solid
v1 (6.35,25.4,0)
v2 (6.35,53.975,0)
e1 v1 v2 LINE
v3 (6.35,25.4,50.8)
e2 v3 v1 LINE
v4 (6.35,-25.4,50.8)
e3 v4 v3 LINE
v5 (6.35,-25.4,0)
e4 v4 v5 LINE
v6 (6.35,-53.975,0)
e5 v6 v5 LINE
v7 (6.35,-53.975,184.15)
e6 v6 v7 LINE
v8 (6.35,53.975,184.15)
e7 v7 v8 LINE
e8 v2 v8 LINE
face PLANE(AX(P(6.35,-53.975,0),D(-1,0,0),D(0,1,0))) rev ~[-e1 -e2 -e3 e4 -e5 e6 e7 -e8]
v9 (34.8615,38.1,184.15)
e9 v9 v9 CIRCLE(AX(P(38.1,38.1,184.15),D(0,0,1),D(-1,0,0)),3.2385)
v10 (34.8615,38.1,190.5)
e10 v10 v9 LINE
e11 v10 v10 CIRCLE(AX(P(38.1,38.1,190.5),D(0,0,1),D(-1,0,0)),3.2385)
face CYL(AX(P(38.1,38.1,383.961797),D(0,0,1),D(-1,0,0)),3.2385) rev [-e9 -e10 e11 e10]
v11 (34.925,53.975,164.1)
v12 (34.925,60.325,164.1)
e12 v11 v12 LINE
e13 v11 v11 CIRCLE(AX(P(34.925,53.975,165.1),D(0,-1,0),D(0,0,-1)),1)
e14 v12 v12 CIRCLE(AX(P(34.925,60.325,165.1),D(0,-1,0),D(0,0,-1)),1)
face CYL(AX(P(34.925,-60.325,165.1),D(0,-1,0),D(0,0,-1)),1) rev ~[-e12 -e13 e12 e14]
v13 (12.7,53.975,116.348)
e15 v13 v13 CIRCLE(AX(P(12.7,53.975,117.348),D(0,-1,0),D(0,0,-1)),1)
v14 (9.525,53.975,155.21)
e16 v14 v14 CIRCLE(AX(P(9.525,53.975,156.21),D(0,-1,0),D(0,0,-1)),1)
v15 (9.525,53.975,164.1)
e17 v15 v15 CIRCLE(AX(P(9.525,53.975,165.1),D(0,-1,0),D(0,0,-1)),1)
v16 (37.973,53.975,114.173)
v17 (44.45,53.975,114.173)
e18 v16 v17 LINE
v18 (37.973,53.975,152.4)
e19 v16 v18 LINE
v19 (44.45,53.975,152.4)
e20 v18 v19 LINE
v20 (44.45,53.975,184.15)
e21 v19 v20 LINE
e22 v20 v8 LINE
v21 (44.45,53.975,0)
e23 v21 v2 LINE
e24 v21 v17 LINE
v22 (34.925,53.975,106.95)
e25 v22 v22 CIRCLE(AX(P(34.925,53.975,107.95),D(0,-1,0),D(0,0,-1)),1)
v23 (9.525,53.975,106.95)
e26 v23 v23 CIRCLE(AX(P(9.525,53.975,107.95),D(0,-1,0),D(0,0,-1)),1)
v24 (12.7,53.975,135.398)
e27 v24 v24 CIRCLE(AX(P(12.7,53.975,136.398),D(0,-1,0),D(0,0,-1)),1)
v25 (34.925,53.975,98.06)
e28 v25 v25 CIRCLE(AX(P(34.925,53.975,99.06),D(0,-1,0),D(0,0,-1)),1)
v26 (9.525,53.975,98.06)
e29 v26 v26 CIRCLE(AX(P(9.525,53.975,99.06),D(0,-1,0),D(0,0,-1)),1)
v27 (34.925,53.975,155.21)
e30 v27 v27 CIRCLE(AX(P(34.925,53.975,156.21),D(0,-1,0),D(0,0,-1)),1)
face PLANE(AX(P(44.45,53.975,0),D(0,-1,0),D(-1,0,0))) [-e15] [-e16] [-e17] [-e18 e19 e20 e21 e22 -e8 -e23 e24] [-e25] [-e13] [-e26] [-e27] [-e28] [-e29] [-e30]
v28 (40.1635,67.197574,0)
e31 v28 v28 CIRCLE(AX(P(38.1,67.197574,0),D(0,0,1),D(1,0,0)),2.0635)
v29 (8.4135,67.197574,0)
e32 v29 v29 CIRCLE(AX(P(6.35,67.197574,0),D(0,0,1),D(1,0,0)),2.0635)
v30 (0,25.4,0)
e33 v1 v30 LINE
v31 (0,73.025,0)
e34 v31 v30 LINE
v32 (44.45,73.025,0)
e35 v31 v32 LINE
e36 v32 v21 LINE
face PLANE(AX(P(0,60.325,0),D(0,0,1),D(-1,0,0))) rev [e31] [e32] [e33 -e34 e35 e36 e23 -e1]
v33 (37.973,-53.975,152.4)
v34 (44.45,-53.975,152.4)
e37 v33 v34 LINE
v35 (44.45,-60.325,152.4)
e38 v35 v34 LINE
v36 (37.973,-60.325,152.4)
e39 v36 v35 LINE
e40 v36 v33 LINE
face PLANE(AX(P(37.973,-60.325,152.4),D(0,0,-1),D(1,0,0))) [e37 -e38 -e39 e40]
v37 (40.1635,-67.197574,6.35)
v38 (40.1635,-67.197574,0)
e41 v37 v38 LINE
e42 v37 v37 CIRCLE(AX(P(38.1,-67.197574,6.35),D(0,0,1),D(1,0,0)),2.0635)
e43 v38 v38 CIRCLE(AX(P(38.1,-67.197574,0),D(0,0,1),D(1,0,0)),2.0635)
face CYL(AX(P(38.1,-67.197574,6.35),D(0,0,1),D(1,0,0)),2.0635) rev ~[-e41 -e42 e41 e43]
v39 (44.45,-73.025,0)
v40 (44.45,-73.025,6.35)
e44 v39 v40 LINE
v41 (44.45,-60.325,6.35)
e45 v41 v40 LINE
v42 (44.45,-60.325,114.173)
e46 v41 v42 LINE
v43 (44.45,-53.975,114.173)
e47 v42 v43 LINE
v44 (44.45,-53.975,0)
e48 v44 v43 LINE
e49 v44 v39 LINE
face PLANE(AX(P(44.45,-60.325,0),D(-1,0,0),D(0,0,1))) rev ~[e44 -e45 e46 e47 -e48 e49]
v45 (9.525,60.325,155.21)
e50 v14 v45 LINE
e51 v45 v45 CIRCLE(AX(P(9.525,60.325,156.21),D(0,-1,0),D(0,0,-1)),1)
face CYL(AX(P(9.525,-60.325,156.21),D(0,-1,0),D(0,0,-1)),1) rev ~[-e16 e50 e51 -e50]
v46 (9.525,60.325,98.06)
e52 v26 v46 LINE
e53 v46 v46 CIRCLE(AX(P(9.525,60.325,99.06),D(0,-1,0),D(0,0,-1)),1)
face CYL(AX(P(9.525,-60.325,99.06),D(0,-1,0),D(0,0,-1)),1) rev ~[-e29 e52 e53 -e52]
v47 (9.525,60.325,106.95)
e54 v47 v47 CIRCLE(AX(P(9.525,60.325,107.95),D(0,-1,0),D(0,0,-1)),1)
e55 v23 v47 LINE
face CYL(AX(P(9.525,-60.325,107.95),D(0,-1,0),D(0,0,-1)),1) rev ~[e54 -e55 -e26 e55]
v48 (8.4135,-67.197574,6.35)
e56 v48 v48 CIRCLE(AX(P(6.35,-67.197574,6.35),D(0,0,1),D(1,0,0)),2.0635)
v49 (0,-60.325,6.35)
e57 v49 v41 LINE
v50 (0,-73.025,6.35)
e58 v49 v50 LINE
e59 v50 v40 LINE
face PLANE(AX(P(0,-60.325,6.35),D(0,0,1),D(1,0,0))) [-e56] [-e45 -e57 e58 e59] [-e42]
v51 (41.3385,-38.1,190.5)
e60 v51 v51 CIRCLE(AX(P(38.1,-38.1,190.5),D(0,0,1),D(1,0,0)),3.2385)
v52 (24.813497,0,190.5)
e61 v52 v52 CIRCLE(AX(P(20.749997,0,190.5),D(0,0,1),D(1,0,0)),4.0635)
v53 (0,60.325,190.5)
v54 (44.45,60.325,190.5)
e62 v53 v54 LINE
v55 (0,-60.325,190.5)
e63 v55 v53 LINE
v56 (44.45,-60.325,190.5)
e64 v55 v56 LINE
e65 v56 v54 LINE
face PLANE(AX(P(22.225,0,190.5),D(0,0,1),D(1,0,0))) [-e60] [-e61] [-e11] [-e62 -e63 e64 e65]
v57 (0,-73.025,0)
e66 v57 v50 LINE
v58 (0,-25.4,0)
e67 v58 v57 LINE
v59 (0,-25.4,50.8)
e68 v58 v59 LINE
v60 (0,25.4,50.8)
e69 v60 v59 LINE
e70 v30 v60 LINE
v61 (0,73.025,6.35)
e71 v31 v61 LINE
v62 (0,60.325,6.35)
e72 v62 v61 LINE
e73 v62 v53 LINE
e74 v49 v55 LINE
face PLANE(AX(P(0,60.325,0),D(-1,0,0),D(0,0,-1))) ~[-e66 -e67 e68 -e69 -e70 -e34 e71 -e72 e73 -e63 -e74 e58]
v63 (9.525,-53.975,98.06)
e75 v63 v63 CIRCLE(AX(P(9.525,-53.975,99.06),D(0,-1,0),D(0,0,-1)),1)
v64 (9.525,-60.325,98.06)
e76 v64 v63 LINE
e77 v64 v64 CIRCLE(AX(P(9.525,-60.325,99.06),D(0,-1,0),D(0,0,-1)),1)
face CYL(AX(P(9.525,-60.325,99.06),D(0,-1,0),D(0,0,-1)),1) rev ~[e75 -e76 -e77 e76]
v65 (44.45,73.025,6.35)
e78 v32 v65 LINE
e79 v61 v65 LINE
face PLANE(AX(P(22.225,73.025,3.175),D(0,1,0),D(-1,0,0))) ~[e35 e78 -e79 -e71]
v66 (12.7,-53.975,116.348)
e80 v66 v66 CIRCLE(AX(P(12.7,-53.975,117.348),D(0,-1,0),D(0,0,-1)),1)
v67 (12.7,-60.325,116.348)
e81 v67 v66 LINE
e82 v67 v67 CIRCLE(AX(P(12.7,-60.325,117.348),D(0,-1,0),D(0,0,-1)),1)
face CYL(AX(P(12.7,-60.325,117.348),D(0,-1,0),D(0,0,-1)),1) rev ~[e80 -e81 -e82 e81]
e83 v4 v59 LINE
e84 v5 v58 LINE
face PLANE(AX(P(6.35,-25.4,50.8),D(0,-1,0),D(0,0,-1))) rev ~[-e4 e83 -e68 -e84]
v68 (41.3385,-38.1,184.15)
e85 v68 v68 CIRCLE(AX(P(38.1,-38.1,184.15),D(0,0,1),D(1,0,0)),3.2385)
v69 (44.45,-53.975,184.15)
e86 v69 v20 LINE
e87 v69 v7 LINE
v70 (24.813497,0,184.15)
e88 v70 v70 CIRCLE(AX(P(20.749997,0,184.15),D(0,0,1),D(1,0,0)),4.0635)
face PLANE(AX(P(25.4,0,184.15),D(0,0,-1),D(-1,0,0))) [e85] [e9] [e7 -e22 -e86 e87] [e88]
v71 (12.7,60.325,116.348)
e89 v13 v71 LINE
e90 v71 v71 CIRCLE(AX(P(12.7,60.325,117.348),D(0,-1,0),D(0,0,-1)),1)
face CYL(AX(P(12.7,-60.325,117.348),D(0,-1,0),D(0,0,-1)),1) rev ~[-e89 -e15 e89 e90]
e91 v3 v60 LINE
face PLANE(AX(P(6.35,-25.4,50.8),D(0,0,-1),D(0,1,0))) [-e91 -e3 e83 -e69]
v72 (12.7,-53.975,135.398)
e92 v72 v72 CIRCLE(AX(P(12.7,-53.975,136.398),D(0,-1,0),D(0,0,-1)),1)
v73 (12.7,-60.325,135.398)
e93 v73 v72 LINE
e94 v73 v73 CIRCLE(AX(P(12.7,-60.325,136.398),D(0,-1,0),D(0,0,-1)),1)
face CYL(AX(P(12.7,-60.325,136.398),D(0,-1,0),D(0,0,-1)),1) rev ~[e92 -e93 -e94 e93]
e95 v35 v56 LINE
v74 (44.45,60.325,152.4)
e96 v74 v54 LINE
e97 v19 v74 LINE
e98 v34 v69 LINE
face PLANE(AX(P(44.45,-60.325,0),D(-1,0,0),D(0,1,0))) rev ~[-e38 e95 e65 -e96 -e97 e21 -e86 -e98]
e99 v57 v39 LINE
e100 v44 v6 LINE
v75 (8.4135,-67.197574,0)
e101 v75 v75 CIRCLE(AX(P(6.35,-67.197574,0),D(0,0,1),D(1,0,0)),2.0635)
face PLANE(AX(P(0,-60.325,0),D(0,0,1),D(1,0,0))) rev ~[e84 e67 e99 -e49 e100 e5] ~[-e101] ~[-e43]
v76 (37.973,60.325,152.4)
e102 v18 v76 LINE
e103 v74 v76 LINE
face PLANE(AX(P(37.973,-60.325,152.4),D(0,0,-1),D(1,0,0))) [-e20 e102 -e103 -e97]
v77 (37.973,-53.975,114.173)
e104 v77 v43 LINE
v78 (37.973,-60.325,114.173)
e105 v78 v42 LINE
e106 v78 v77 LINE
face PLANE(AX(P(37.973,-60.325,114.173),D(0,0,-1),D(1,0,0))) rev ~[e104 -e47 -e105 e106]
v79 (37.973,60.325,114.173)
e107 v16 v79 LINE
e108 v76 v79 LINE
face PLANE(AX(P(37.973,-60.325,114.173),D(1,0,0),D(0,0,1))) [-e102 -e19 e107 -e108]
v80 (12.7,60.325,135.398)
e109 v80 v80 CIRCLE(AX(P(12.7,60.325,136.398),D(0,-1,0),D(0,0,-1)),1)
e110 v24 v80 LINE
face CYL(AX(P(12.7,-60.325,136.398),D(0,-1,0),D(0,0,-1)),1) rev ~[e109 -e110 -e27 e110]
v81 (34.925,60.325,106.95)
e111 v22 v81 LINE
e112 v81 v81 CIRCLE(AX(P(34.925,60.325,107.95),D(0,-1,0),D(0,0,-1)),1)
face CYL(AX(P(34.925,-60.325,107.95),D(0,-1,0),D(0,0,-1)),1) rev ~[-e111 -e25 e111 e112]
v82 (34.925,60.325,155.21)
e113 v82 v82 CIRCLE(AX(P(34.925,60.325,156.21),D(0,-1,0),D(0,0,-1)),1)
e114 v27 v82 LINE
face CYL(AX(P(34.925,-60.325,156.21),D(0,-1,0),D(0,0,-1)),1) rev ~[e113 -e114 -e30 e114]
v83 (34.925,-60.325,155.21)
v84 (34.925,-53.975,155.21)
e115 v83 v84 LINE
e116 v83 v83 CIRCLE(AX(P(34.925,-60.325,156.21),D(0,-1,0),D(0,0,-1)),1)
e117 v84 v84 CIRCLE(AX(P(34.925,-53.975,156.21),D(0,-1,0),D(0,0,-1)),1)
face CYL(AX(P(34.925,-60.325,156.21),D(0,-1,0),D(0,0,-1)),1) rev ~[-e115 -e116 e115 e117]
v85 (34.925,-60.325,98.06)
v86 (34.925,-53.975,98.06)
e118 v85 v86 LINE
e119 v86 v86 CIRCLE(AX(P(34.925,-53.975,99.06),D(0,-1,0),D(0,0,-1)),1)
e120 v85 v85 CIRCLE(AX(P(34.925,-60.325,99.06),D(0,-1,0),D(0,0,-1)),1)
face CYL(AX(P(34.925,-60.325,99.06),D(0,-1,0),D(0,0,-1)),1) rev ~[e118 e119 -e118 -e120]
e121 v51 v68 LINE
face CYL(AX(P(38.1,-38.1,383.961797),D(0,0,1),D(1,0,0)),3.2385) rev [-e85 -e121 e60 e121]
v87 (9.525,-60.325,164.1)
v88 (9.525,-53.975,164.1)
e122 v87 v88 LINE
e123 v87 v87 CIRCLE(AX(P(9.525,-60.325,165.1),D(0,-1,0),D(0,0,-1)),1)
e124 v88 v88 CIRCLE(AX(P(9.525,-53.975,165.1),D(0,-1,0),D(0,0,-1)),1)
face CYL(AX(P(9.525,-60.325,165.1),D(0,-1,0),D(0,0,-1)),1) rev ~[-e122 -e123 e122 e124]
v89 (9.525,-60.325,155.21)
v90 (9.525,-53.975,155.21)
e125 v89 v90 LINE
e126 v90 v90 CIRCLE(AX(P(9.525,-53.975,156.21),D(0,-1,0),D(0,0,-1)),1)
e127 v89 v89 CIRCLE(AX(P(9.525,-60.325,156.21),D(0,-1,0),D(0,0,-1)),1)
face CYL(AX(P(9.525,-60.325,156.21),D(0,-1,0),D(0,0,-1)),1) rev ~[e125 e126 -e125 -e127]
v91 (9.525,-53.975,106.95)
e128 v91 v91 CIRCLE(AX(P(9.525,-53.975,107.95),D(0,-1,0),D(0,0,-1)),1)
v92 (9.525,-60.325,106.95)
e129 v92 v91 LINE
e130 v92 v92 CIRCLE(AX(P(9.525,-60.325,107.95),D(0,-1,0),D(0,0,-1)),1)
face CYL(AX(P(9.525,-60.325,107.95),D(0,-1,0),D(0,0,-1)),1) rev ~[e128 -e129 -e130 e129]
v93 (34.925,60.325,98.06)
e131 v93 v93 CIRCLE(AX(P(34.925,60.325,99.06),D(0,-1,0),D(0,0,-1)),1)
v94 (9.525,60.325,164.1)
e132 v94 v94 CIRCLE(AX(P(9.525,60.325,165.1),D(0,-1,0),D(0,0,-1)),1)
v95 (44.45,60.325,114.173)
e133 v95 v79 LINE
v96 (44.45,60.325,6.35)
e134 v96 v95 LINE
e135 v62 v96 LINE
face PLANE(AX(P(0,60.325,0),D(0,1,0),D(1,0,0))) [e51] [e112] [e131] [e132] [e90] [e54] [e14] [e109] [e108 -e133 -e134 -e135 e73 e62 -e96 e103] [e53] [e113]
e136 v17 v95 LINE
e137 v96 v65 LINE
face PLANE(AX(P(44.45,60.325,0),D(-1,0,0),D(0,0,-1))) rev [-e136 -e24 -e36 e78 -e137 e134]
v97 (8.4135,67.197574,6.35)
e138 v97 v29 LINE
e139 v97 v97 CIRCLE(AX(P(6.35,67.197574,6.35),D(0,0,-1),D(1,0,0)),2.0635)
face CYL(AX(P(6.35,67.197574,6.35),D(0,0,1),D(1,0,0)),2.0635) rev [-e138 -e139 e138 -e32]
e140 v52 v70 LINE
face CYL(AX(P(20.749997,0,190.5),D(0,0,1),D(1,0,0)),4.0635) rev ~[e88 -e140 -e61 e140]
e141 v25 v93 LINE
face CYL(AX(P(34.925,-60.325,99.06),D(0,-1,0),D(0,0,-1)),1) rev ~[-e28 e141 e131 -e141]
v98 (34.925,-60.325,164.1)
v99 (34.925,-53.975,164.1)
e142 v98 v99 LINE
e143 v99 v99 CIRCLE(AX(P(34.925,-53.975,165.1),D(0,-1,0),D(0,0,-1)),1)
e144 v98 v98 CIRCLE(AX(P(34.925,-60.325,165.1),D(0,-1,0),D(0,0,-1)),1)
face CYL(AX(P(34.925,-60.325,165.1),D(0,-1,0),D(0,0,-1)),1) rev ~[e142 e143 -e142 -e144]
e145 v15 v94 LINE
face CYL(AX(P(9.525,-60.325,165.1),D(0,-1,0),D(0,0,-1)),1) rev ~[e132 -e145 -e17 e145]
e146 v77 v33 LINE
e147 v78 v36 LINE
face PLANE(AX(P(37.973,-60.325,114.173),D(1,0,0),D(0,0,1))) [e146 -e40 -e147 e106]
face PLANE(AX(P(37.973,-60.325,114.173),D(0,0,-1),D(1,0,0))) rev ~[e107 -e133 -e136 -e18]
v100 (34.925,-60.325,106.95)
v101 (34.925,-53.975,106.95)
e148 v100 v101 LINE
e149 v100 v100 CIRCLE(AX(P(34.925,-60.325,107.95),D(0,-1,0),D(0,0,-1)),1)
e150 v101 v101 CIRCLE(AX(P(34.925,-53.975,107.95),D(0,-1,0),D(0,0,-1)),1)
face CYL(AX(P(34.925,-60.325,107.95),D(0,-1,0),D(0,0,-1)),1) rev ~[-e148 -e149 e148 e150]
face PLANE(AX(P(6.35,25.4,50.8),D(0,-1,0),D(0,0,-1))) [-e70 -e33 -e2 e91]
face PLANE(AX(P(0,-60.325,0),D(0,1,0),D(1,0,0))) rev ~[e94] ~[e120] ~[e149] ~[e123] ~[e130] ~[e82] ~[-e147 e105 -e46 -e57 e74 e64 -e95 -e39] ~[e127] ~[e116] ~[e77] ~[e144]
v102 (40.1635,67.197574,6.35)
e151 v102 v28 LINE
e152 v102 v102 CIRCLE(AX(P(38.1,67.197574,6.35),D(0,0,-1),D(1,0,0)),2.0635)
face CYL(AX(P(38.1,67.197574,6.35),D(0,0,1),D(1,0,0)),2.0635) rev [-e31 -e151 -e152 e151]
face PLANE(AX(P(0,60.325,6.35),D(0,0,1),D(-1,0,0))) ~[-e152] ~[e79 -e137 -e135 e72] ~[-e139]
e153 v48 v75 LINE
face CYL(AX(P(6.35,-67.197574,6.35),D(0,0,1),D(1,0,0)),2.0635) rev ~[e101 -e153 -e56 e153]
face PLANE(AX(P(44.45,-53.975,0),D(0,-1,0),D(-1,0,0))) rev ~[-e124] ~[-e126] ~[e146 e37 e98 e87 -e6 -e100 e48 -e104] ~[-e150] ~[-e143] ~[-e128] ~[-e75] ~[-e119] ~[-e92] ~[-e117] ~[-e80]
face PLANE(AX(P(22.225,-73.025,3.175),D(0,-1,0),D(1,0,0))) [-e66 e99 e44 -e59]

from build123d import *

# Parameters (mm, degrees)
SKETCH1_W               = 44.45
SKETCH1_H               = 120.65
BOSS_EXTRUDE1_DEPTH     = 190.5
SKETCH2_W               = 38.1
SKETCH2_H               = 107.95
CUT_EXTRUDE1_DEPTH      = 184.15
CUT_EXTRUDE4_DEPTH      = 199.811796997
CUT_EXTRUDE4_DEPTH_BACK = 199.811796997
SKETCH4_R               = 3.2385
SKETCH17_W              = 6.477
SKETCH17_H              = 38.227
CUT_EXTRUDE5_DEPTH      = 230.8314056
SKETCH18_W              = 50.8
SKETCH18_H              = 50.8
CUT_EXTRUDE6_DEPTH      = 204.423119691
SKETCH19_W              = 44.45
SKETCH19_H              = 6.35
BOSS_EXTRUDE2_DEPTH     = 12.7
SKETCH21_R              = 2.063500064
SKETCH21_R_2            = 2.063499937
CUT_EXTRUDE7_DEPTH      = 204.02629294
SKETCH23_R              = 4.063500001
CUT_EXTRUDE8_DEPTH      = 209.803024703
SKETCH24_R              = 1.000000032
CUT_EXTRUDE9_DEPTH      = 237.745168905
SKETCH25_R              = 1.000000032
CUT_EXTRUDE10_DEPTH     = 237.745168905
LPATTERN1_COUNT         = 2
LPATTERN1_PITCH         = 57.15


with BuildPart() as part:
    # Sketch1 → Boss-Extrude1 (new body)
    with BuildSketch(Plane.XY):
        with Locations((22.225, 0)):
            Rectangle(SKETCH1_W, SKETCH1_H)
    extrude(amount=BOSS_EXTRUDE1_DEPTH)

    # Sketch2 → Cut-Extrude1 (cut)
    with BuildSketch(Plane(origin=(0, 0, 0), x_dir=(-1, 0, 0), z_dir=(0, 0, -1))):
        with Locations((-25.4, 0)):
            Rectangle(SKETCH2_W, SKETCH2_H)
    extrude(amount=-CUT_EXTRUDE1_DEPTH, mode=Mode.SUBTRACT)

    # Sketch4 → Cut-Extrude4 (cut, two sides: drawn at the far end of the back side and taken through both)
    with BuildSketch(Plane(origin=(0, 0, 184.15), x_dir=(-1, 0, 0), z_dir=(0, 0, -1)).offset(-CUT_EXTRUDE4_DEPTH_BACK)):
        with Locations((-38.1, 38.1)):
            Circle(SKETCH4_R)
        with Locations(Location((-38.1, -38.1, 0), (0, 0, 180))):
            Circle(SKETCH4_R)
    extrude(amount=CUT_EXTRUDE4_DEPTH + CUT_EXTRUDE4_DEPTH_BACK, mode=Mode.SUBTRACT)

    # Sketch17 → Cut-Extrude5 (cut, through all)
    with BuildSketch(Plane.XZ.offset(60.325)):
        with Locations((41.2115, 133.2865)):
            Rectangle(SKETCH17_W, SKETCH17_H)
    extrude(amount=-CUT_EXTRUDE5_DEPTH, mode=Mode.SUBTRACT)

    # Sketch18 → Cut-Extrude6 (cut, through all)
    with BuildSketch(Plane(origin=(6.35, 0, 0), x_dir=(0, 0, -1), z_dir=(1, 0, 0))):
        with Locations((-25.4, 0)):
            Rectangle(SKETCH18_W, SKETCH18_H)
    extrude(amount=-CUT_EXTRUDE6_DEPTH, mode=Mode.SUBTRACT)

    # Sketch19 → Boss-Extrude2 (add)
    with BuildSketch(Plane.XZ.offset(60.325)):
        with Locations((22.225, 3.175)):
            Rectangle(SKETCH19_W, SKETCH19_H)
    boss_extrude2 = extrude(amount=BOSS_EXTRUDE2_DEPTH)

    # Sketch21 → Cut-Extrude7 (cut, through all)
    with BuildSketch(Plane.XY.offset(6.35)):
        with Locations((6.35, -67.197573915)):
            Circle(SKETCH21_R)
        with Locations((38.1, -67.197573915)):
            Circle(SKETCH21_R_2)
    cut_extrude7 = extrude(amount=-CUT_EXTRUDE7_DEPTH, mode=Mode.SUBTRACT)

    # Mirror1: Boss-Extrude2, Cut-Extrude7 across plane
    add(boss_extrude2.mirror(Plane.ZX))
    add(cut_extrude7.mirror(Plane.ZX), mode=Mode.SUBTRACT)

    # Sketch23 → Cut-Extrude8 (cut, through all)
    with BuildSketch(Plane.XY.offset(190.5)):
        with Locations((20.7499966, 0)):
            Circle(SKETCH23_R)
    extrude(amount=-CUT_EXTRUDE8_DEPTH, mode=Mode.SUBTRACT)

    # Sketch24 → Cut-Extrude9 (cut, through all)
    with BuildSketch(Plane.XZ.offset(60.325)):
        with Locations(Location((12.7, 117.348, 0), (0, 0, 270))):
            Circle(SKETCH24_R)
        with Locations(Location((12.7, 136.398, 0), (0, 0, 270))):
            Circle(SKETCH24_R)
    extrude(amount=-CUT_EXTRUDE9_DEPTH, mode=Mode.SUBTRACT)

    # Sketch25 → Cut-Extrude10 (cut, through all)
    with BuildSketch(Plane.XZ.offset(60.325)):
        with Locations(Location((9.525, 156.21, 0), (0, 0, 270))):
            Circle(SKETCH25_R)
        with Locations(Location((34.925, 156.21, 0), (0, 0, 270))):
            Circle(SKETCH25_R)
        with Locations(Location((34.925, 165.1, 0), (0, 0, 270))):
            Circle(SKETCH25_R)
        with Locations(Location((9.525, 165.1, 0), (0, 0, 270))):
            Circle(SKETCH25_R)
    cut_extrude10 = extrude(amount=-CUT_EXTRUDE10_DEPTH, mode=Mode.SUBTRACT)

    # LPattern1: Cut-Extrude10 ×2
    with Locations(*[(0, 0, -i * LPATTERN1_PITCH) for i in range(1, LPATTERN1_COUNT)]):
        add(cut_extrude10, mode=Mode.SUBTRACT)


solid = part.part
